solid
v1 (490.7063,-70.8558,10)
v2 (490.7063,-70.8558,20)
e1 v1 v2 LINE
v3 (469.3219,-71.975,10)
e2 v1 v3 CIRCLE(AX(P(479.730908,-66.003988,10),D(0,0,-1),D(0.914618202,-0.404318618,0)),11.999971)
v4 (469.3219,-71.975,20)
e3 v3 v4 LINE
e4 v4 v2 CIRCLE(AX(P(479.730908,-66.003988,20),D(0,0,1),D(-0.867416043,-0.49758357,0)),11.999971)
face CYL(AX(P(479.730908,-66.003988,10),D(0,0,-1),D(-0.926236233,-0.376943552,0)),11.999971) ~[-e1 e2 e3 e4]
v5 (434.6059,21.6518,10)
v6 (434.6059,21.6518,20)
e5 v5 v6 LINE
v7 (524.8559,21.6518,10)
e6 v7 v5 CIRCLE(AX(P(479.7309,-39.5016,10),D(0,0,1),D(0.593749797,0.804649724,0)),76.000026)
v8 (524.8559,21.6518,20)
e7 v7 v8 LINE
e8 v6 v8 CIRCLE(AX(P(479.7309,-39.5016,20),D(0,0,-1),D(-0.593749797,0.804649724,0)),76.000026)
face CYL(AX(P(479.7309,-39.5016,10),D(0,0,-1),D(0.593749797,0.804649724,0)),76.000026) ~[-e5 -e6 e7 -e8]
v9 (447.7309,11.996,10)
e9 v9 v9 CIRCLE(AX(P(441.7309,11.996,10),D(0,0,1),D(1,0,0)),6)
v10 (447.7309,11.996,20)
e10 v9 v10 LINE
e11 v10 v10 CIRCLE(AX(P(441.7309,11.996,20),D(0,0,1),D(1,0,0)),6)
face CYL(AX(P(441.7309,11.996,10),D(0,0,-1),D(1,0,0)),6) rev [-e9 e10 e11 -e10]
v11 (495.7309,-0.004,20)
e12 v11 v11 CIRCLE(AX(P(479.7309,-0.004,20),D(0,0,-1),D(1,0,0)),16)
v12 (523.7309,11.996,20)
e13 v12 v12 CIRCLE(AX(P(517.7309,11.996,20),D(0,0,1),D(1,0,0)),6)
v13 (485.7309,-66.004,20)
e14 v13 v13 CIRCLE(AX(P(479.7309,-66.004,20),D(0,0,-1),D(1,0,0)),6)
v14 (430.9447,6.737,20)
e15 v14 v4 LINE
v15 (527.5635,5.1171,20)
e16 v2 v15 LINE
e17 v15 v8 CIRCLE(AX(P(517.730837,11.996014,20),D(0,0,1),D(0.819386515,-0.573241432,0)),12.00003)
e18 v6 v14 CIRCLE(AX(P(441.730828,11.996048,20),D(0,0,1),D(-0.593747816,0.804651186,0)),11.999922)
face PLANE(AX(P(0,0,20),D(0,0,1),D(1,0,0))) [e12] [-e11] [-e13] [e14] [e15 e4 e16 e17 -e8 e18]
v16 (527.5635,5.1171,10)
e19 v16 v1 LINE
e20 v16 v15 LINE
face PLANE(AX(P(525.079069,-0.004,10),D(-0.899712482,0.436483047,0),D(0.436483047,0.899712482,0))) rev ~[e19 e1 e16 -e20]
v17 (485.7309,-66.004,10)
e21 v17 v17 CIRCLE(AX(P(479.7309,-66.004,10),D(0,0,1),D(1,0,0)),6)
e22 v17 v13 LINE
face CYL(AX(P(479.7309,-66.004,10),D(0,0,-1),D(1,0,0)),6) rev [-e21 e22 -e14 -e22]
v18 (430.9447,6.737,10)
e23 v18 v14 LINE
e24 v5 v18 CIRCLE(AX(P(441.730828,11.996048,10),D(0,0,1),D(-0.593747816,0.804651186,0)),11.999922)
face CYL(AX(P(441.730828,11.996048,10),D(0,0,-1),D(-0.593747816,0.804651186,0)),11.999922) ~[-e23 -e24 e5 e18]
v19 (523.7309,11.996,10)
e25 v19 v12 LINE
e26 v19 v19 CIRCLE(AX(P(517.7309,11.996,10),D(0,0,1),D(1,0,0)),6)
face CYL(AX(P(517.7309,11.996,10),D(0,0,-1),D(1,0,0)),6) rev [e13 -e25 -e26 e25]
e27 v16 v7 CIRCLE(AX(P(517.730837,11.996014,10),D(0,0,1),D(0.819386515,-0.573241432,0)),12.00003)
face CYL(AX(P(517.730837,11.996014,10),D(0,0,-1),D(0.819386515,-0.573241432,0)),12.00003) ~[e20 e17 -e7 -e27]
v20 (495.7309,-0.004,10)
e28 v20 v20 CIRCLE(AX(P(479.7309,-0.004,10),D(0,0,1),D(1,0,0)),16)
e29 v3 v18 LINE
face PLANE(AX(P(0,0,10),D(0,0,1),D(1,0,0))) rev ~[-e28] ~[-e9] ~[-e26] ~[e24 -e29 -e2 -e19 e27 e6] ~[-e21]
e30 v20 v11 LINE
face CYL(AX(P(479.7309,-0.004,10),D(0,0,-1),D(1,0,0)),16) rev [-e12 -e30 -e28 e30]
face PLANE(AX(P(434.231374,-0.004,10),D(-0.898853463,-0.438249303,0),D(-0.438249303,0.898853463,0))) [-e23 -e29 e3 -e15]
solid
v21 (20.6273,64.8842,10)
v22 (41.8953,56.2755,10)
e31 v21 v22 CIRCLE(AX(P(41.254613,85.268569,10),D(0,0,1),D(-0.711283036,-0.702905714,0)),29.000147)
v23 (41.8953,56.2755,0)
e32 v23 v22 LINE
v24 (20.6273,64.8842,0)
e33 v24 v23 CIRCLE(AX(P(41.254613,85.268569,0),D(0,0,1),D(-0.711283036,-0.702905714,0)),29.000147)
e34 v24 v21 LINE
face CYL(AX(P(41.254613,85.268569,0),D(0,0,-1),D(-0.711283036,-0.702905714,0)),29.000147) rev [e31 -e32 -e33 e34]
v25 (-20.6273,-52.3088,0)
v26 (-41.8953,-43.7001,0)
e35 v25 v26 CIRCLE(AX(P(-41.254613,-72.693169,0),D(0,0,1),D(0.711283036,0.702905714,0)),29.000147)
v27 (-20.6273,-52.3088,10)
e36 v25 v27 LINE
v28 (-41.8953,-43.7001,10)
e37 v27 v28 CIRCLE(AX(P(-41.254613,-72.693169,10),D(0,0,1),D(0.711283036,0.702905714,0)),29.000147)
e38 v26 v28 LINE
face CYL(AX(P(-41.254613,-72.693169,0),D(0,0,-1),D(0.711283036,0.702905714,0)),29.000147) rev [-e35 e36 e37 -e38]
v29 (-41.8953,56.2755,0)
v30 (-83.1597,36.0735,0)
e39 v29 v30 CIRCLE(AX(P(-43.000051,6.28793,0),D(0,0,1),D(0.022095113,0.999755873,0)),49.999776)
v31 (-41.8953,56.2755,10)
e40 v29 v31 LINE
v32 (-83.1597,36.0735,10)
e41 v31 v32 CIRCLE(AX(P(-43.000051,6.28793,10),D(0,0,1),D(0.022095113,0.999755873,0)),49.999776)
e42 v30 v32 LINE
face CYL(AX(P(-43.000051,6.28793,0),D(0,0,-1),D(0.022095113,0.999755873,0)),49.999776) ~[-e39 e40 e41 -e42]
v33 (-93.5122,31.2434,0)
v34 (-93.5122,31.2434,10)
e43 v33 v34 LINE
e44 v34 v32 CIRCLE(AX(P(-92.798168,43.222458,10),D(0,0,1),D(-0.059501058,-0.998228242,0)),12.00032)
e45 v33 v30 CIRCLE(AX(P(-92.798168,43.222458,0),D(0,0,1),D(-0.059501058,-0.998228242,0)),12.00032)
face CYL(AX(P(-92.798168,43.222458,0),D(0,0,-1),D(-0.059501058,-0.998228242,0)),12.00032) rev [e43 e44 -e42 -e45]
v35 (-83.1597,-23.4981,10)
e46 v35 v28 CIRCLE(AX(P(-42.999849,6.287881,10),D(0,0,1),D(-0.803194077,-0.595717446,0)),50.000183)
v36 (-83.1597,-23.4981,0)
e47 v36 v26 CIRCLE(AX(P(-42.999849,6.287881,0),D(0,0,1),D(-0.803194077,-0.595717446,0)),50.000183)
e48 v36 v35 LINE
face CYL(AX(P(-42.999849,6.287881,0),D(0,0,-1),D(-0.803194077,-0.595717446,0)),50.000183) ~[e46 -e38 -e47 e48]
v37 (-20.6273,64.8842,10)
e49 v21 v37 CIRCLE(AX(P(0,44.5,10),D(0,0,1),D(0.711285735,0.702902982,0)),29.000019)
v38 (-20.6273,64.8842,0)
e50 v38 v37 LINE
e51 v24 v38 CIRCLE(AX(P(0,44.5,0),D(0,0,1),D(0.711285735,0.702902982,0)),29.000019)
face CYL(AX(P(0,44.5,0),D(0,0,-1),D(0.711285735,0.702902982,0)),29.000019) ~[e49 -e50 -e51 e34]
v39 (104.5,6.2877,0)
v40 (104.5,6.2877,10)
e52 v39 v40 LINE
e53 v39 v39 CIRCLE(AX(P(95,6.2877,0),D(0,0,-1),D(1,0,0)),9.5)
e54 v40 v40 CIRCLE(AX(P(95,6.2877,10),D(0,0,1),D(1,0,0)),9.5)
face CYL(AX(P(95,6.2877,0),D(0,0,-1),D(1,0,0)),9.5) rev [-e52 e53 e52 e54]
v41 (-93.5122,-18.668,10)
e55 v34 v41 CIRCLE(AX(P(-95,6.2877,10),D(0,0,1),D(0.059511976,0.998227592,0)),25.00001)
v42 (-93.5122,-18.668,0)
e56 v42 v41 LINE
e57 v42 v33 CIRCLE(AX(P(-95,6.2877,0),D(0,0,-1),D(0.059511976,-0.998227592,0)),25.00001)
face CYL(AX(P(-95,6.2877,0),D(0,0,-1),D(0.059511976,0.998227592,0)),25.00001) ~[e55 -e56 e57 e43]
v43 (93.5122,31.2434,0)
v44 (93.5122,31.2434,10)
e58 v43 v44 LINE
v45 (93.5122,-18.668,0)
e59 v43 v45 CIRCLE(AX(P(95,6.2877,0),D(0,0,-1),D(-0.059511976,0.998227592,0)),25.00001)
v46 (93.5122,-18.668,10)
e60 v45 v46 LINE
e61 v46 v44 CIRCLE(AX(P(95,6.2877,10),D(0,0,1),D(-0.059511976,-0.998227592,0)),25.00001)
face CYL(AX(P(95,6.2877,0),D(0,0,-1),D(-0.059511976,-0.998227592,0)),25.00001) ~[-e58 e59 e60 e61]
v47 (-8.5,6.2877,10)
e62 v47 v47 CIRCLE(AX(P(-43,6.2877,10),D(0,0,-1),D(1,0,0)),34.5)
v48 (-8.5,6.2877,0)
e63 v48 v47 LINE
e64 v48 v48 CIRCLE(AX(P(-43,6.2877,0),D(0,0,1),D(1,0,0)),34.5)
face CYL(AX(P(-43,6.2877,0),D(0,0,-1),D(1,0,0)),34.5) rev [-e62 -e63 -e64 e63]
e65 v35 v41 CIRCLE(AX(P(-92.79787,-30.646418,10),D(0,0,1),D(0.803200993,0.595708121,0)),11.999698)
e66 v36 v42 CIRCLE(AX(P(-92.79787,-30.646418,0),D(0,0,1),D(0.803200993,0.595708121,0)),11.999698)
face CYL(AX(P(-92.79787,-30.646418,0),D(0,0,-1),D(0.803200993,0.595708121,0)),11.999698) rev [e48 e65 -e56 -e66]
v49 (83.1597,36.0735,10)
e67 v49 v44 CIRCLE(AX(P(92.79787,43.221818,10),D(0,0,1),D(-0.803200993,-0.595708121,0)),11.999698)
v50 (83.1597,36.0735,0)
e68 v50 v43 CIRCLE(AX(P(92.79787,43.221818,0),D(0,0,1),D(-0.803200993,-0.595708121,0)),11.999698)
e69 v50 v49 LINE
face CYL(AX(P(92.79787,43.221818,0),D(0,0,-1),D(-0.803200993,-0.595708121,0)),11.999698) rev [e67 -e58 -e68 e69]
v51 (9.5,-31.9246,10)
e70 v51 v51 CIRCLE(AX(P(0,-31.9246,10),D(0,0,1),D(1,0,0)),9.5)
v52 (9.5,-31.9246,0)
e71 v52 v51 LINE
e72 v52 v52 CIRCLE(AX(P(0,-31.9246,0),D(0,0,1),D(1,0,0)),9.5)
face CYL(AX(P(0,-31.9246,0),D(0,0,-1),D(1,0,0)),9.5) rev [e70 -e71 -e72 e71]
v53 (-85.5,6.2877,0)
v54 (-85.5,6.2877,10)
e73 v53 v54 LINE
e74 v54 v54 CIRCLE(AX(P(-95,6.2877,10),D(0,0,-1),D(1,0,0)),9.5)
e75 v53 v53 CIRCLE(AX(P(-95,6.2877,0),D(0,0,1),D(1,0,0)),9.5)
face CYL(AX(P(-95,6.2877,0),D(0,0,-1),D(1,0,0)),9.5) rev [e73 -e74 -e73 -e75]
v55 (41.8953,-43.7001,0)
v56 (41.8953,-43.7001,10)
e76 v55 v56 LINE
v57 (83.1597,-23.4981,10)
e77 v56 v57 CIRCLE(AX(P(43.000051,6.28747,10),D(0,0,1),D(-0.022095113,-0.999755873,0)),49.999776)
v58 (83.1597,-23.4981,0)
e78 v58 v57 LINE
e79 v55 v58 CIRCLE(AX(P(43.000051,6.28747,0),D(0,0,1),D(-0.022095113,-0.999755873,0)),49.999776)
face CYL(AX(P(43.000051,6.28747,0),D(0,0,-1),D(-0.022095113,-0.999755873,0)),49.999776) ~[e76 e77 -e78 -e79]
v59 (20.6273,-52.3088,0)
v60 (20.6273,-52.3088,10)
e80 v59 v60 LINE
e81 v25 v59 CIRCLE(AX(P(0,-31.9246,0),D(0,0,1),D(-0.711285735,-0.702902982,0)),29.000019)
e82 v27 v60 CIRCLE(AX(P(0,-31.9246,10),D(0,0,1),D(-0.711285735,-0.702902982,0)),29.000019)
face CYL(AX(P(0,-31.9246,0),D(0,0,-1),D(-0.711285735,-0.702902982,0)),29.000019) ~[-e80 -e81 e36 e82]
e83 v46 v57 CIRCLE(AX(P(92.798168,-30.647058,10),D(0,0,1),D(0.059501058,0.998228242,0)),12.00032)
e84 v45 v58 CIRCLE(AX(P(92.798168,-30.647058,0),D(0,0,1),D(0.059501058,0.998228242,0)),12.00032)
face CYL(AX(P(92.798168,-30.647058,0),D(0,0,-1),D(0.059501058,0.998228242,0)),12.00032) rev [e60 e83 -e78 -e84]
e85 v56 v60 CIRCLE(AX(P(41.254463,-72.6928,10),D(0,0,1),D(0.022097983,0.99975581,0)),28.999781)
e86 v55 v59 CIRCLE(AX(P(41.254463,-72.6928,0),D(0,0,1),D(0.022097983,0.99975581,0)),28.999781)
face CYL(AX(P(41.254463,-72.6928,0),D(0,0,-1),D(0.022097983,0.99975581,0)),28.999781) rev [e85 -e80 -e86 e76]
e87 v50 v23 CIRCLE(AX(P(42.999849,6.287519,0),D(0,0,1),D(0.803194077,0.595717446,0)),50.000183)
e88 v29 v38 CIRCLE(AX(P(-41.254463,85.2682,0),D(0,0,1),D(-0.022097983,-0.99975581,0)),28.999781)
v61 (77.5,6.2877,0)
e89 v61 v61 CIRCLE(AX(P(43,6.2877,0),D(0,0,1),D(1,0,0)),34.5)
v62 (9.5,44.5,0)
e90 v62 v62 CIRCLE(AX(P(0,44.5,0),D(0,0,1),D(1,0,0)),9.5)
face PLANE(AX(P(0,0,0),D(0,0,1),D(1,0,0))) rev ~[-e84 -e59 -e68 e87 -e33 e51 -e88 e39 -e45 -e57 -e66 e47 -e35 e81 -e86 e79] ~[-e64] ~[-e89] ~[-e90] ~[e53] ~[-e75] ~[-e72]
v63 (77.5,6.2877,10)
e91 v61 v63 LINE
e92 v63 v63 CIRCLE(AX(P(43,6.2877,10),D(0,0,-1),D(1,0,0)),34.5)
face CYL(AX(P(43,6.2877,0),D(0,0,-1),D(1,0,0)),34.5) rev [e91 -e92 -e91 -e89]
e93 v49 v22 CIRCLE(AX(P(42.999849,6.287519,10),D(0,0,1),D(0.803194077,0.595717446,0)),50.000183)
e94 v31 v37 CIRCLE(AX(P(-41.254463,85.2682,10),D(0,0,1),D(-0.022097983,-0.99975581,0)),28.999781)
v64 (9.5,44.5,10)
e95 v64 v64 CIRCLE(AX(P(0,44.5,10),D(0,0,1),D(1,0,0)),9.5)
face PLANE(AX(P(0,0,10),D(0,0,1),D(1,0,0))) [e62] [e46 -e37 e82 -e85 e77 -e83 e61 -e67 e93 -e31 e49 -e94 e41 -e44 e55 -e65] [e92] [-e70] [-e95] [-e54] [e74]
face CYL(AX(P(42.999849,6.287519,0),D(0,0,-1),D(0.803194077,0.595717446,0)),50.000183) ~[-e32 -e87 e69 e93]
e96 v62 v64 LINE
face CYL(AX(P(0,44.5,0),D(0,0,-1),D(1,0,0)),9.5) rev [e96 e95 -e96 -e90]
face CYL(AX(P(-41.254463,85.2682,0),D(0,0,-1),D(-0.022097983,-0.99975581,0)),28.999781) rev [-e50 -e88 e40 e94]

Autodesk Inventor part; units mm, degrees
ref_plane "YZ Plane" through (0, 0, 0) normal (1, 0, 0) x (0, 1, 0)
ref_plane "XZ Plane" through (0, 0, 0) normal (0, 1, 0) x (-1, 0, 0)
ref_plane "XY Plane" through (0, 0, 0) normal (0, 0, 1) x (1, 0, 0)
sketch "스케치1" plane through (0, 0, 0) normal (0, 0, 1) x (1, 0, 0)
  circle A0 centre (43, 6.2877) radius 34.5
  circle A1 centre (-43, 6.2877) radius 34.5
  line L0 (-163.8708, 6.2877) -> (265.4786, 6.2877)
  circle A2 centre (95, 6.2877) radius 9.5
  circle A3 centre (-95, 6.2877) radius 9.5
  arc A4 (-93.5122, 31.2434) -> (-93.5122, -18.668) centre (-95, 6.2877) ccw
  arc A5 (93.5122, -18.668) -> (93.5122, 31.2434) centre (95, 6.2877) ccw
  line L1 (0, 109.3123) -> (0, -138.0954) construction
  arc A6 (-83.1597, -23.4981) -> (-93.5122, -18.668) centre (-92.7981, -30.6467) ccw
  arc A7 (93.5122, -18.668) -> (83.1597, -23.4981) centre (92.7981, -30.6467) ccw
  arc A8 (20.6273, 64.8842) -> (41.8953, 56.2755) centre (41.2545, 85.2684) ccw
  circle A9 centre (0, 44.5) radius 9.5
  circle A10 centre (0, -31.9246) radius 9.5
  arc A11 (-41.8953, 56.2755) -> (-20.6273, 64.8842) centre (-41.2545, 85.2684) ccw
  arc A12 (41.8953, -43.7001) -> (20.6273, -52.3088) centre (41.2545, -72.693) ccw
  arc A13 (-20.6273, -52.3088) -> (-41.8953, -43.7001) centre (-41.2545, -72.693) ccw
  arc A14 (83.1597, 36.0735) -> (93.5122, 31.2434) centre (92.7981, 43.2221) ccw
  arc A15 (-93.5122, 31.2434) -> (-83.1597, 36.0735) centre (-92.7981, 43.2221) ccw
  arc A16 (20.6273, 64.8842) -> (-20.6273, 64.8842) centre (0, 44.5) ccw
  arc A17 (-41.8953, 56.2755) -> (-83.1597, 36.0735) centre (-43, 6.2877) ccw
  arc A18 (-83.1597, -23.4981) -> (-41.8953, -43.7001) centre (-43, 6.2877) ccw
  arc A19 (83.1597, 36.0735) -> (41.8953, 56.2755) centre (43, 6.2877) ccw
  arc A20 (41.8953, -43.7001) -> (83.1597, -23.4981) centre (43, 6.2877) ccw
  arc A21 (-20.6273, -52.3088) -> (20.6273, -52.3088) centre (0, -31.9246) ccw
  point P0 (0, 0)
  point P1 (-42.3827, -0.6468)
  dimension "d0" = 69
  dimension "d1" = 69
  dimension "d5" = 19
  dimension "d8" = 19
  dimension "d9" = 95
  dimension "d11" = 95
  dimension "d15" = 50
  dimension "d16" = 50
  dimension "d19" = 43
  dimension "d20" = 43
  dimension "d25" = 24
  dimension "d26" = 24
  dimension "d27" = 58
  dimension "d28" = 19
  dimension "d30" = 44.5
  dimension "d34" = 58
  dimension "d35" = 58
  dimension "d36" = 58
  dimension "d37" = 24
  dimension "d38" = 24
extrude "돌출1" add sketch "스케치1" along normal blind 10 contours L0 A2 A5 A7 A20 A12 A21 A13 A18 A6 A4 A3 A1 A0 | A0 L0 A1 A3 A4 A15 A17 A11 A16 A8 A19 A14 A5 A2
sketch "스케치2" plane through (0, 0, 10) normal (0, 0, 1) x (1, 0, 0)
  point P0 (0, 0)
sketch "스케치3" plane through (0, 0, 10) normal (0, 0, 1) x (1, 0, 0)
  point P0 (0, 0)
sketch "스케치4" plane through (0, 0, 10) normal (0, 0, 1) x (1, 0, 0)
  line L0 (479.7309, 137.7571) -> (479.7309, -142.8376)
  line L1 (343.2747, -0.004) -> (642.8719, -0.004)
  circle A0 centre (479.7309, -0.004) radius 16
  circle A1 centre (479.7309, -66.004) radius 6
  circle A2 centre (517.7309, 11.996) radius 6
  circle A3 centre (441.7309, 11.996) radius 6
  arc A4 (468.6161, -70.5273) -> (490.7063, -70.8558) centre (479.7309, -66.004) ccw
  arc A5 (527.5635, 5.1171) -> (524.8559, 21.6518) centre (517.7309, 11.996) ccw
  arc A6 (434.6059, 21.6518) -> (430.9447, 6.737) centre (441.7309, 11.996) ccw
  line L2 (469.3219, -71.975) -> (430.9447, 6.737)
  line L3 (490.7063, -70.8558) -> (527.5635, 5.1171)
  arc A7 (524.8559, 21.6518) -> (434.6059, 21.6518) centre (479.7309, -39.5016) ccw
  point P0 (0, 0)
  dimension "d41" = 32
  dimension "d42" = 12
  dimension "d43" = 66
  dimension "d44" = 12
  dimension "d45" = 38
  dimension "d46" = 12
  dimension "d47" = 24
  dimension "d48" = 24
  dimension "d49" = 24
  dimension "d50" = 152
extrude "돌출2" add sketch "스케치4" along normal blind 10 contours A7 A5 L3 L1 A0 L0 | L0 A0 L1 L2 A6 A7 | L1 L3 A4 L0 A1 A0 | A0 L0 A1 A4 L2 L1
sketch "스케치5" plane through (0, 0, 20) normal (0, 0, 1) x (1, 0, 0)
  point P0 (0, 0)
properties part number "240412_sketch"
